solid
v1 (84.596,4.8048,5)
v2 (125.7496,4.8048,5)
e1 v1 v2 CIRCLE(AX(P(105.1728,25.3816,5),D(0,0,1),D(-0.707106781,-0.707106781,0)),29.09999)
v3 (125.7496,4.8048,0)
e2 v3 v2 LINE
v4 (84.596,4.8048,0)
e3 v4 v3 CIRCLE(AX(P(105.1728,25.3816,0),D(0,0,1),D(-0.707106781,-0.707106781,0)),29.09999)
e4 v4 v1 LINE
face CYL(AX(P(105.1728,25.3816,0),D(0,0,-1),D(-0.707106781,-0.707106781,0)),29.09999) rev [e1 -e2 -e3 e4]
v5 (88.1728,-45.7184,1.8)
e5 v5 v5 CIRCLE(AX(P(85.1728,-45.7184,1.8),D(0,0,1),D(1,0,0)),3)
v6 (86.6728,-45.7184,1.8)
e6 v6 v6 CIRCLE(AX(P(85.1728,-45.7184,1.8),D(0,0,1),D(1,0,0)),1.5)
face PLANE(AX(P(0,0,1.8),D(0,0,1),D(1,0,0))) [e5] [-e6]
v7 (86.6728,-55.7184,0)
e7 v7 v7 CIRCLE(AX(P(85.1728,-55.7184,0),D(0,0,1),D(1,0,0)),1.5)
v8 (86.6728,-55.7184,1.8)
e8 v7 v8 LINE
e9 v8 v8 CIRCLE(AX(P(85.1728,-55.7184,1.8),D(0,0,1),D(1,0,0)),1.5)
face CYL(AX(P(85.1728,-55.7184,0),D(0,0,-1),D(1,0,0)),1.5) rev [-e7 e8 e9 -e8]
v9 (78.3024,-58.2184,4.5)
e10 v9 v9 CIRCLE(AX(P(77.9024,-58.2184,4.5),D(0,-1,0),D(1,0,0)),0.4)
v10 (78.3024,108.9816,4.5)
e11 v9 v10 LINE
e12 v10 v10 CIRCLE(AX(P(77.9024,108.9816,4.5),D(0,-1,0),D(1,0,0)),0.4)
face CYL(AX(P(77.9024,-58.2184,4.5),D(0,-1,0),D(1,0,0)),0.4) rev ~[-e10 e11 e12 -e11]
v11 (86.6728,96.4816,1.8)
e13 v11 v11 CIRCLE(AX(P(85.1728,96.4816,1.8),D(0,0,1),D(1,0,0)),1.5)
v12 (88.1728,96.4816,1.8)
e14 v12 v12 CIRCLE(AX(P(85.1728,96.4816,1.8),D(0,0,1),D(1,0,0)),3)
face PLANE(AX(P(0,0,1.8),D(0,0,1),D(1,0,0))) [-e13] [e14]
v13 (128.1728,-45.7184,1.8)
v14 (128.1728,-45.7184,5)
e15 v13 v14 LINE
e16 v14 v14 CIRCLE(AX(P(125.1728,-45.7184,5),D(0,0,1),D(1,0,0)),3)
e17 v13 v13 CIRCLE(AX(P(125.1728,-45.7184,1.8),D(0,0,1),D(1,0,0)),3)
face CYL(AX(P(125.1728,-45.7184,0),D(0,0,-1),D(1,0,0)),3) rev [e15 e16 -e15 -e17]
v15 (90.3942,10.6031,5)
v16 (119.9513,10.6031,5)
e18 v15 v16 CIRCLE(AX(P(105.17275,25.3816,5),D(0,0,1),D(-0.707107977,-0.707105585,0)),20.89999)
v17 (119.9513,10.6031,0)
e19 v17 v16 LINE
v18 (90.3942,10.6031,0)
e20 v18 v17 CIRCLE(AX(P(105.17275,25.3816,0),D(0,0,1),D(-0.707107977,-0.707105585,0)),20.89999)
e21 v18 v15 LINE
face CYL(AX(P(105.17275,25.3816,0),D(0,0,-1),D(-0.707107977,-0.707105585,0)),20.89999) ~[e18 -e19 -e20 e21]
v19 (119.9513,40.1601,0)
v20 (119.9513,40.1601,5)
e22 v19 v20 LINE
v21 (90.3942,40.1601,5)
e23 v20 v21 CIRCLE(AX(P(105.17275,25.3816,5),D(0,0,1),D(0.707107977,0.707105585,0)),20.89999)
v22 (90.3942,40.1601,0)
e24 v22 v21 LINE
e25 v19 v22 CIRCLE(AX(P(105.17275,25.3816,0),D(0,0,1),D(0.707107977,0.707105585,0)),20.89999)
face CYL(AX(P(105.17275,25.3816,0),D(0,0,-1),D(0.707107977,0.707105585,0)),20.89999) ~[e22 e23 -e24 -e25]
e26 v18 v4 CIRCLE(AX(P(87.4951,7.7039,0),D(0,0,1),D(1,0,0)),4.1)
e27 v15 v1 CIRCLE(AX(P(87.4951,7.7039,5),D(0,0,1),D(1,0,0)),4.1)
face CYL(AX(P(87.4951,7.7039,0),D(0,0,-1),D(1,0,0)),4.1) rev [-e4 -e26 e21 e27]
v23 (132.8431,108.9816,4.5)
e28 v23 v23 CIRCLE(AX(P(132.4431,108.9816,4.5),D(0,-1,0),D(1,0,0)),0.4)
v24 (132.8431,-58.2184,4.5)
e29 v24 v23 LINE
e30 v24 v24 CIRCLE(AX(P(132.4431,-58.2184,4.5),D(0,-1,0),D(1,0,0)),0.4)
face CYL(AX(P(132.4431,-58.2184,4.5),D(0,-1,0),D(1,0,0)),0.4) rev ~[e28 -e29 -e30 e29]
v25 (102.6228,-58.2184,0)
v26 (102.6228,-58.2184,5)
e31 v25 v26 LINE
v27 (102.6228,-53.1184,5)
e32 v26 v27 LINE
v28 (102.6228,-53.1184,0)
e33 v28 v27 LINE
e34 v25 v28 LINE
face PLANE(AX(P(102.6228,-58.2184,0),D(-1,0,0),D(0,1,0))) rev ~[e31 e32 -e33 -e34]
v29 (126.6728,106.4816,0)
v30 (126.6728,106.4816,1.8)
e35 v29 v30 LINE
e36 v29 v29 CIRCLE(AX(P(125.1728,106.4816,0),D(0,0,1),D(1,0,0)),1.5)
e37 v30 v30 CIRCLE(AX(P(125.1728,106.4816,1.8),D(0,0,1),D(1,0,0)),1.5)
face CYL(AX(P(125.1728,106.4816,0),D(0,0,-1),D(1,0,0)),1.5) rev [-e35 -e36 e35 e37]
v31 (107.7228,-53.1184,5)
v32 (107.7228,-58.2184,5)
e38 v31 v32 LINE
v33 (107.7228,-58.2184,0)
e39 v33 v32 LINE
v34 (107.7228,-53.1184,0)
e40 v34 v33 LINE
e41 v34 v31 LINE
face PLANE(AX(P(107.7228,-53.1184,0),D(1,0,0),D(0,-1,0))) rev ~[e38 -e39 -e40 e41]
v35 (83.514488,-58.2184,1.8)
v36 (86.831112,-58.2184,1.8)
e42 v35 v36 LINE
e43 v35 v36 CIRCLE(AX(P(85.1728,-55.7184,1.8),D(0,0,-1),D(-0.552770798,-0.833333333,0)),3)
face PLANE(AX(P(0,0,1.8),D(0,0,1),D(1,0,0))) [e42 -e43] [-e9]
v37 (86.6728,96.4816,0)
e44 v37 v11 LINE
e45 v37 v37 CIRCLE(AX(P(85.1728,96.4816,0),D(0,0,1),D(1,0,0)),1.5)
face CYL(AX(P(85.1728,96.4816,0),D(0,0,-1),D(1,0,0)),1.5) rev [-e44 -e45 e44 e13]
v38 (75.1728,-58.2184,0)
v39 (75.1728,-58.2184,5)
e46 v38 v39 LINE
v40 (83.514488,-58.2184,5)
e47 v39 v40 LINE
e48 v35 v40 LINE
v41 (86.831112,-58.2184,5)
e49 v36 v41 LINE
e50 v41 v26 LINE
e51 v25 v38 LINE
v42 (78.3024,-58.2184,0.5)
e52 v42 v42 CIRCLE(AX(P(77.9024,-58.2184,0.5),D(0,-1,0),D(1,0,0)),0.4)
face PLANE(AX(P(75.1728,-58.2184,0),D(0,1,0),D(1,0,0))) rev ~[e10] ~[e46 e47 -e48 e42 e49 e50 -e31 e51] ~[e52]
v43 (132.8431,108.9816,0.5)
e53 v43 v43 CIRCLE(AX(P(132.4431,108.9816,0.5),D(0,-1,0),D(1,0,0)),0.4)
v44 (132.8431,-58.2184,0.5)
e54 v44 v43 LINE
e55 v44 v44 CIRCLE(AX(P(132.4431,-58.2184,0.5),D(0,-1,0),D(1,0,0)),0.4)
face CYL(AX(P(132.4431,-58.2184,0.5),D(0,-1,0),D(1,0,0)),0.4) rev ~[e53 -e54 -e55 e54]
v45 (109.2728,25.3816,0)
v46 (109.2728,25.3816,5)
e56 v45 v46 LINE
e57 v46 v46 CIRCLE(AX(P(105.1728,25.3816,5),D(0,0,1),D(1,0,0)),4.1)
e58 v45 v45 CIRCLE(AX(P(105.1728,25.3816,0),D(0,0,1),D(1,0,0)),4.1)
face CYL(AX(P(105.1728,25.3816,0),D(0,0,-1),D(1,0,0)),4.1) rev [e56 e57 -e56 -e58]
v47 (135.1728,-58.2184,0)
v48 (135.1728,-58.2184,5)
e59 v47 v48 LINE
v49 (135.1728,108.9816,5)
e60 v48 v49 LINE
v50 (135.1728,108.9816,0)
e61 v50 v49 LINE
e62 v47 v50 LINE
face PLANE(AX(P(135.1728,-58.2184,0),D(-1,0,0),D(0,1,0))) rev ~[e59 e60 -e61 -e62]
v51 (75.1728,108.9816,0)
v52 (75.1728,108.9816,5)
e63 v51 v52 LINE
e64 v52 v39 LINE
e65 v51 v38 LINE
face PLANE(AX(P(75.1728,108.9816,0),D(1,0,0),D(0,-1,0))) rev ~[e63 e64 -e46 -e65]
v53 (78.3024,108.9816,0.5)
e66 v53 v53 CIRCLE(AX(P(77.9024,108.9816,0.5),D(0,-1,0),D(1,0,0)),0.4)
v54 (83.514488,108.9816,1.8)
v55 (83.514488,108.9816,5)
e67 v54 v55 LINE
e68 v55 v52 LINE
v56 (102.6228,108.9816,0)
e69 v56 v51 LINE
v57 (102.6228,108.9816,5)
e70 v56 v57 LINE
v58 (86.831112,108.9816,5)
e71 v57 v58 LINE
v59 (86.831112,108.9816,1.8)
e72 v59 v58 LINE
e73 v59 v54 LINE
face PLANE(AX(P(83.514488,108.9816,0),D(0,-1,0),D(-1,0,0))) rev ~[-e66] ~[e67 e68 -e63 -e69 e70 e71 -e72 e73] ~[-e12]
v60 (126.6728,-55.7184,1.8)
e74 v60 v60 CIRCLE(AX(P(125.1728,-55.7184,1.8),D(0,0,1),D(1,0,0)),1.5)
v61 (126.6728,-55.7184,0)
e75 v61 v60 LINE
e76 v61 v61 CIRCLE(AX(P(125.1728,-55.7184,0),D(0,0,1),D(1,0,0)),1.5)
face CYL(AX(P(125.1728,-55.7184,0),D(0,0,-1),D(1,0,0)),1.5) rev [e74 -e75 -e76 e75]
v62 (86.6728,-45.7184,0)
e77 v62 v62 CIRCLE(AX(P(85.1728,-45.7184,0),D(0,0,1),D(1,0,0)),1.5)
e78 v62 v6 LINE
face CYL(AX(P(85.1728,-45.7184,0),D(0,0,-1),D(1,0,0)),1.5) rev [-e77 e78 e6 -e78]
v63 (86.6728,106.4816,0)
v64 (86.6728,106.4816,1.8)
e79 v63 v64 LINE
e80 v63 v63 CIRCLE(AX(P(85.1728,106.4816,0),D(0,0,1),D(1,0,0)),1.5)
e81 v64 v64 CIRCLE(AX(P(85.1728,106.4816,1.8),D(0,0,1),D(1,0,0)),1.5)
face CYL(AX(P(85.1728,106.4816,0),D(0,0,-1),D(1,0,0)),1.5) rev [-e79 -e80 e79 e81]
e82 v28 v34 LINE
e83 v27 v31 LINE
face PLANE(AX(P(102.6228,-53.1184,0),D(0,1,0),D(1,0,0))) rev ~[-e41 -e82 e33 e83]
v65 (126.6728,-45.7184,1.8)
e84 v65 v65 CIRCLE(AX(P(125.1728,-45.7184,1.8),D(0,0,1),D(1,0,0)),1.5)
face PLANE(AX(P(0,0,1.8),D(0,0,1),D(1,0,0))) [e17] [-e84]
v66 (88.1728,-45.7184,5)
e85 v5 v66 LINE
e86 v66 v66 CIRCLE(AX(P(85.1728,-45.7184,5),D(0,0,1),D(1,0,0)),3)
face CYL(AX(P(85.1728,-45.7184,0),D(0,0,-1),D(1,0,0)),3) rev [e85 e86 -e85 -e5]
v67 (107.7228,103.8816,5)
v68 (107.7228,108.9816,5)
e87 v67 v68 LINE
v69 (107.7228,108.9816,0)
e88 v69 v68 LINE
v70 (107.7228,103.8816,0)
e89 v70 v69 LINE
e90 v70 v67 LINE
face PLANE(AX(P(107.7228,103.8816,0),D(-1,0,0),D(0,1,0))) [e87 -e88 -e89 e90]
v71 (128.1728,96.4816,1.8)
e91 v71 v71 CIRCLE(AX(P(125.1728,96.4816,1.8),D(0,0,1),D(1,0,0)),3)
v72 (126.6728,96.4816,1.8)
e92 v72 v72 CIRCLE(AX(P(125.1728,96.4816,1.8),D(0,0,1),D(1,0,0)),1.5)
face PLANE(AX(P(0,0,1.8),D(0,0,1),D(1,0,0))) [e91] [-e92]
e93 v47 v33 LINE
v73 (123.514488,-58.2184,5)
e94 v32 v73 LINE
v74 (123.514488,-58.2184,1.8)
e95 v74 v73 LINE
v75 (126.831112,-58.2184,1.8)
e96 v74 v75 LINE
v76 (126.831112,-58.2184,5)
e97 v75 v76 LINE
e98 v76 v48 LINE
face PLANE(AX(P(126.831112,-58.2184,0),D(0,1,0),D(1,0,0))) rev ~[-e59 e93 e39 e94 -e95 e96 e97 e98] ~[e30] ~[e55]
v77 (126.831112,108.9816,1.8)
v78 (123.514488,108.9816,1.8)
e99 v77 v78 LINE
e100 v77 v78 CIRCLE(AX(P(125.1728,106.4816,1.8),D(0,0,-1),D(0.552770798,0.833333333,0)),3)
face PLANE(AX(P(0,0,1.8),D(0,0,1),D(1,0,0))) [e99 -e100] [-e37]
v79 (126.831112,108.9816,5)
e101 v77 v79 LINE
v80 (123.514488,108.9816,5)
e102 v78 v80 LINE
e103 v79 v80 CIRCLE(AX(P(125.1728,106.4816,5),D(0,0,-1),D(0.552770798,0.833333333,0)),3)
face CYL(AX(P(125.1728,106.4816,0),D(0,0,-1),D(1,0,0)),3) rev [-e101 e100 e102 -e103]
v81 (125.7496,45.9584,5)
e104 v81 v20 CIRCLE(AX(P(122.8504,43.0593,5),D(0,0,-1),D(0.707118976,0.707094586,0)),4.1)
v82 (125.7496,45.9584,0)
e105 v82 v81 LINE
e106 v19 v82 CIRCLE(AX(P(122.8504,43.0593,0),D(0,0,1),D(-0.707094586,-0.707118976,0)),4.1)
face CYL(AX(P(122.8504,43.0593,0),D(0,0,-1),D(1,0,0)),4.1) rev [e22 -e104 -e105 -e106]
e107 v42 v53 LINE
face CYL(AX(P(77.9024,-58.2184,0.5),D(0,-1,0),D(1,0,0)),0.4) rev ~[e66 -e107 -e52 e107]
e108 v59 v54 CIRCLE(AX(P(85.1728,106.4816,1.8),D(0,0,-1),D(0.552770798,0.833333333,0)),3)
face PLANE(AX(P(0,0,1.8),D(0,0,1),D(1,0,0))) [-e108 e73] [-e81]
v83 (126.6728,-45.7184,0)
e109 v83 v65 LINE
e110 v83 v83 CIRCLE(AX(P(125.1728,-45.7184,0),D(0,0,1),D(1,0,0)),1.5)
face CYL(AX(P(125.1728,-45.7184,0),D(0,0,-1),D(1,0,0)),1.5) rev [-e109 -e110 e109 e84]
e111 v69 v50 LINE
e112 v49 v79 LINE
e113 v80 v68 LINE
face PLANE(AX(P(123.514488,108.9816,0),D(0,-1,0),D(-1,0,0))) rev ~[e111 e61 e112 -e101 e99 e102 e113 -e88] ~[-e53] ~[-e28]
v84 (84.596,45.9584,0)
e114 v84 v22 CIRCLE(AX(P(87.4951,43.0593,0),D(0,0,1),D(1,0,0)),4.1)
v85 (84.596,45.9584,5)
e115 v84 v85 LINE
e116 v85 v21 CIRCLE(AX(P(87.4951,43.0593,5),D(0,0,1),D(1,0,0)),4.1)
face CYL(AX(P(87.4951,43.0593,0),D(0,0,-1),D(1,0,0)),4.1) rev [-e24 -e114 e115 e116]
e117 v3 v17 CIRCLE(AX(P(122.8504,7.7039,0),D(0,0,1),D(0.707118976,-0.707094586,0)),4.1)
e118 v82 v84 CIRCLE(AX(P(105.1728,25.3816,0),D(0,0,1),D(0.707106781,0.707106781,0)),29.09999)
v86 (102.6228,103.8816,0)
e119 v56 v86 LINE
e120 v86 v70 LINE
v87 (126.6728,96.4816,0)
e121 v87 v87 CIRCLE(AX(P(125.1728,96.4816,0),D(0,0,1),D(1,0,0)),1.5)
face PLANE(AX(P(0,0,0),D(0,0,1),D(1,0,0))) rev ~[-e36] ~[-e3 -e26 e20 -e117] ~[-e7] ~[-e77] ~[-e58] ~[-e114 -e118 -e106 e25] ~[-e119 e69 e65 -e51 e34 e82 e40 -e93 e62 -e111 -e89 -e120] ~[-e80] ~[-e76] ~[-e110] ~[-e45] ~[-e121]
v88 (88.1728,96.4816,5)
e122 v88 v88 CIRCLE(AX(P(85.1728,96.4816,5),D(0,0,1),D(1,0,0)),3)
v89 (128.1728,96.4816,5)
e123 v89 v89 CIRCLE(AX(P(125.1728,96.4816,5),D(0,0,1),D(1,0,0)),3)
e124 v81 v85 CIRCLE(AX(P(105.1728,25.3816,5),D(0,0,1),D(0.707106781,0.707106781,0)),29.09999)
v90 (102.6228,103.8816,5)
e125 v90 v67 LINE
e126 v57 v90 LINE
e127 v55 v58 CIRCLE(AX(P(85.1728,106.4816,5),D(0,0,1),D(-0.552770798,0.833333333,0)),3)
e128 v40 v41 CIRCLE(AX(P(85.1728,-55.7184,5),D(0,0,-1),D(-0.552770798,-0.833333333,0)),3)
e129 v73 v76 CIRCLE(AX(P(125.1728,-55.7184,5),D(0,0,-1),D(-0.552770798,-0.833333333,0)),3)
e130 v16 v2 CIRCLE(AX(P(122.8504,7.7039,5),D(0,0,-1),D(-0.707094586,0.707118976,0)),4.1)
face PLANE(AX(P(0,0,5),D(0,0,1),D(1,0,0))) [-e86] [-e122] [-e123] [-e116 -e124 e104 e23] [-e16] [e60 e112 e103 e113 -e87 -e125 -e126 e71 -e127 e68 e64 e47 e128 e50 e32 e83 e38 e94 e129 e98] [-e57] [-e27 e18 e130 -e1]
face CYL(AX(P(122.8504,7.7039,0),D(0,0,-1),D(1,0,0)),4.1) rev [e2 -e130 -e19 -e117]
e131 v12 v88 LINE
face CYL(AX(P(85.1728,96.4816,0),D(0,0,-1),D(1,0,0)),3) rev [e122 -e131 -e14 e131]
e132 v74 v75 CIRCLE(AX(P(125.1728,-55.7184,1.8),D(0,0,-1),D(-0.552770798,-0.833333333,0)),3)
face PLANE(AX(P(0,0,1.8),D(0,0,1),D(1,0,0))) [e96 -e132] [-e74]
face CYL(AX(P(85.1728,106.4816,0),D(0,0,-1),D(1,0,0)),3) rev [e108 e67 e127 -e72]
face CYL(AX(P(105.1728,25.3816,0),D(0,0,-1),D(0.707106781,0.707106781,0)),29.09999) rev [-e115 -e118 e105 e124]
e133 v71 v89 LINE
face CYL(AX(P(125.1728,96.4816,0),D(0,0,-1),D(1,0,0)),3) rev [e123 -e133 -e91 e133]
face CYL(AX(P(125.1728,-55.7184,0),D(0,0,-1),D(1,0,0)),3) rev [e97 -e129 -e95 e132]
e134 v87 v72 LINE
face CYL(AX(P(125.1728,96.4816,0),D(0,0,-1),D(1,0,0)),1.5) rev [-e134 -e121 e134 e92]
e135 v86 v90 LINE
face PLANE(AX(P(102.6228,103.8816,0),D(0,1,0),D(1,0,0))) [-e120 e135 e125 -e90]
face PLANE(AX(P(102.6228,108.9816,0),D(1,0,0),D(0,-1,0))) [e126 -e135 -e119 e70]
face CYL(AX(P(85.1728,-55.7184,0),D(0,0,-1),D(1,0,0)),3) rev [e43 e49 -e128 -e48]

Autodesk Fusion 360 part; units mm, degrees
sketch "Schizzo5" plane through (0, 0, 0) normal (0, 0, 1) x (1, 0, 0)
  line L0 (75.1728, 108.9816) -> (75.1728, -58.2184)
  circle A0 centre (85.1728, -55.7184) radius 1.5
  circle A1 centre (125.1728, 106.4816) radius 3
  line L1 (75.1728, 25.3816) -> (135.1728, 25.3816) construction
  circle A2 centre (85.1728, 106.4816) radius 3
  line L2 (105.1728, 25.3816) -> (122.8504, 7.7039) construction
  circle A3 centre (85.1728, 106.4816) radius 1.5
  line L3 (135.1728, 108.9816) -> (75.1728, 108.9816)
  circle A4 centre (125.1728, 106.4816) radius 1.5
  line L4 (105.1728, 25.3816) -> (87.4951, 43.0593) construction
  line L5 (105.1728, 25.3816) -> (105.1728, 1.3102) construction
  circle A5 centre (105.1728, 25.3816) radius 4.1
  line L6 (135.1728, -58.2184) -> (135.1728, 108.9816)
  line L7 (85.1728, 108.9816) -> (85.1728, -58.2184) construction
  circle A6 centre (85.1728, -55.7184) radius 3
  circle A7 centre (125.1728, -55.7184) radius 1.5
  line L8 (105.1728, 25.3816) -> (122.8504, 43.0593) construction
  line L9 (75.1728, -58.2184) -> (135.1728, -58.2184)
  circle A8 centre (125.1728, -55.7184) radius 3
  line L10 (75.1728, -55.7184) -> (135.1728, -55.7184) construction
  line L11 (105.1728, 25.3816) -> (87.4951, 7.7039) construction
  line L12 (105.1728, 108.9816) -> (105.1728, -58.2184) construction
  line L13 (105.1728, 25.3816) -> (105.1728, 56.9762) construction
  line L14 (105.1728, 25.3816) -> (105.1728, 56.9762) construction
  line L15 (105.1728, 25.3816) -> (105.1728, 1.3102) construction
  line L16 (75.1728, -45.7184) -> (135.1728, -45.7184) construction
  circle A9 centre (85.1728, -45.7184) radius 1.5
  circle A10 centre (85.1728, -45.7184) radius 3
  circle A11 centre (125.1728, -45.7184) radius 3
  circle A12 centre (125.1728, -45.7184) radius 1.5
  circle A13 centre (85.1728, 96.4816) radius 3
  circle A14 centre (85.1728, 96.4816) radius 1.5
  circle A15 centre (125.1728, 96.4816) radius 3
  circle A16 centre (125.1728, 96.4816) radius 1.5
  line L17 (107.7228, -58.2184) -> (102.6228, -58.2184)
  line L18 (102.6228, -58.2184) -> (102.6228, -53.1184)
  line L19 (102.6228, -53.1184) -> (107.7228, -53.1184)
  line L20 (107.7228, -53.1184) -> (107.7228, -58.2184)
  line L21 (107.7228, -58.2184) -> (102.6228, -53.1184) construction
  line L22 (102.6228, -58.2184) -> (107.7228, -53.1184) construction
  line L23 (102.6228, 103.8816) -> (107.7228, 103.8816)
  line L24 (102.6228, 108.9816) -> (102.6228, 103.8816)
  line L25 (107.7228, 103.8816) -> (107.7228, 108.9816)
  circle A17 centre (105.1728, 25.3816) radius 25 construction
  circle A18 centre (87.4951, 43.0593) radius 4.1
  circle A19 centre (122.8504, 7.7039) radius 4.1
  circle A20 centre (122.8504, 43.0593) radius 4.1
  circle A21 centre (87.4951, 7.7039) radius 4.1
  line L26 (87.4951, 7.7039) -> (84.596, 4.8048) construction
  line L27 (122.8504, 7.7039) -> (125.7496, 4.8048) construction
  arc A22 (84.596, 4.8048) -> (125.7496, 4.8048) centre (105.1728, 25.3816) ccw
  arc A23 (90.3942, 10.6031) -> (119.9513, 10.6031) centre (105.1728, 25.3816) ccw
  line L28 (87.4951, 43.0593) -> (84.596, 45.9584) construction
  line L29 (122.8504, 43.0593) -> (125.7496, 45.9584) construction
  arc A24 (125.7496, 45.9584) -> (84.596, 45.9584) centre (105.1728, 25.3816) ccw
  arc A25 (119.9513, 40.1601) -> (90.3942, 40.1601) centre (105.1728, 25.3816) ccw
  point P0 (105.1728, -55.6684)
  point P1 (105.1728, 25.3816)
  point P2 (87.4951, 7.7039)
  point P3 (122.8504, 7.7039)
  point P4 (122.8504, 43.0593)
  point P5 (87.4951, 43.0593)
  point P6 (84.596, 4.8048)
  point P7 (125.7496, 4.8048)
  point P8 (90.3942, 10.6031)
  point P9 (119.9513, 10.6031)
  point P10 (84.596, 45.9584)
  point P11 (125.7496, 45.9584)
  dimension "d221" = 60
  dimension "d222" = 167.2
  dimension "d223" = 2.5
  dimension "d224" = 20
  dimension "d225" = 3
  dimension "d226" = 6
  dimension "d229" = 8.2
  dimension "d350" = 3
  dimension "d351" = 6
  dimension "d354" = 10
  dimension "d355" = 5.1
  dimension "d356" = 5.1
  dimension "d361" = 50
  dimension "d362" = 8.2
  dimension "d363" = 8.2
  dimension "d364" = 45
  dimension "d365" = 45
  dimension "d366" = 45
  dimension "d367" = 45
extrude "Estrusione24" add sketch "Schizzo5" along normal blind 5 contours L0 A1 A2 L3 L6 A6 L9 A8 L18 L19 L20 L23 L24 L25
extrude "Estrusione25" add sketch "Schizzo5" along normal blind 1.8 contours A2 L3 | A6 L9 | A1 L3 | L9 A8 | A10 | A11 | A13 | A15 picked at (85.2101, 108.6469) picked at (85.2101, -57.8837) picked at (125.2101, 108.6469) picked at (125.2101, -57.8837)
sketch "Schizzo17" plane through (0, -58.2184, 0) normal (0, -1, 0) x (1, 0, 0)
  line L0 (75.1728, 0) -> (102.6228, 0)
  line L1 (102.6228, 0) -> (102.6228, 5)
  line L2 (102.6228, 5) -> (86.8311, 5)
  line L3 (86.8311, 5) -> (86.8311, 1.8)
  line L4 (86.8311, 1.8) -> (83.5144, 1.8)
  line L5 (83.5144, 1.8) -> (83.5144, 5)
  line L6 (83.5144, 5) -> (75.1728, 5)
  line L7 (75.1728, 5) -> (75.1728, 0)
  line L8 (75.1728, 5) -> (135.1728, 5) construction
  line L9 (135.1728, 5) -> (135.1728, 0) construction
  line L10 (135.1728, 0) -> (75.1728, 0) construction
  line L11 (75.1728, 0) -> (75.1728, 5) construction
  line L12 (107.7228, 0) -> (135.1728, 0) construction
  line L13 (107.7228, 5) -> (123.5144, 5) construction
  line L14 (135.1728, 0) -> (135.1728, 5) construction
  line L15 (75.1728, 2.5) -> (135.1728, 2.5) construction
  line L16 (77.9024, 5) -> (77.9024, 0) construction
  circle A0 centre (77.9024, 4.5) radius 0.4
  circle A1 centre (77.9024, 0.5) radius 0.4
  line L17 (105.1728, 5) -> (105.1728, 0) construction
  line L18 (132.4431, 5) -> (132.4431, 0) construction
  circle A2 centre (132.4431, 0.5) radius 0.4
  circle A3 centre (132.4431, 4.5) radius 0.4
  point P0 (132.4431, 4.5)
  point P1 (132.4431, 0.5)
  point P2 (132.4431, 4.5)
  dimension "d357" = 0.8
  dimension "d358" = 4
extrude "Estrusione29" cut sketch "Schizzo17" against normal blind 180 contours A0 | A1 | A2 | A3
equation "d225 = d227"
equation "d226 = d228"
equation "d227 = 3.00 mm"
equation "d228 = 6.00 mm"
equation "d350 = d227"
equation "d351 = d228"
equation "d362 = d229"
equation "d363 = d362"
